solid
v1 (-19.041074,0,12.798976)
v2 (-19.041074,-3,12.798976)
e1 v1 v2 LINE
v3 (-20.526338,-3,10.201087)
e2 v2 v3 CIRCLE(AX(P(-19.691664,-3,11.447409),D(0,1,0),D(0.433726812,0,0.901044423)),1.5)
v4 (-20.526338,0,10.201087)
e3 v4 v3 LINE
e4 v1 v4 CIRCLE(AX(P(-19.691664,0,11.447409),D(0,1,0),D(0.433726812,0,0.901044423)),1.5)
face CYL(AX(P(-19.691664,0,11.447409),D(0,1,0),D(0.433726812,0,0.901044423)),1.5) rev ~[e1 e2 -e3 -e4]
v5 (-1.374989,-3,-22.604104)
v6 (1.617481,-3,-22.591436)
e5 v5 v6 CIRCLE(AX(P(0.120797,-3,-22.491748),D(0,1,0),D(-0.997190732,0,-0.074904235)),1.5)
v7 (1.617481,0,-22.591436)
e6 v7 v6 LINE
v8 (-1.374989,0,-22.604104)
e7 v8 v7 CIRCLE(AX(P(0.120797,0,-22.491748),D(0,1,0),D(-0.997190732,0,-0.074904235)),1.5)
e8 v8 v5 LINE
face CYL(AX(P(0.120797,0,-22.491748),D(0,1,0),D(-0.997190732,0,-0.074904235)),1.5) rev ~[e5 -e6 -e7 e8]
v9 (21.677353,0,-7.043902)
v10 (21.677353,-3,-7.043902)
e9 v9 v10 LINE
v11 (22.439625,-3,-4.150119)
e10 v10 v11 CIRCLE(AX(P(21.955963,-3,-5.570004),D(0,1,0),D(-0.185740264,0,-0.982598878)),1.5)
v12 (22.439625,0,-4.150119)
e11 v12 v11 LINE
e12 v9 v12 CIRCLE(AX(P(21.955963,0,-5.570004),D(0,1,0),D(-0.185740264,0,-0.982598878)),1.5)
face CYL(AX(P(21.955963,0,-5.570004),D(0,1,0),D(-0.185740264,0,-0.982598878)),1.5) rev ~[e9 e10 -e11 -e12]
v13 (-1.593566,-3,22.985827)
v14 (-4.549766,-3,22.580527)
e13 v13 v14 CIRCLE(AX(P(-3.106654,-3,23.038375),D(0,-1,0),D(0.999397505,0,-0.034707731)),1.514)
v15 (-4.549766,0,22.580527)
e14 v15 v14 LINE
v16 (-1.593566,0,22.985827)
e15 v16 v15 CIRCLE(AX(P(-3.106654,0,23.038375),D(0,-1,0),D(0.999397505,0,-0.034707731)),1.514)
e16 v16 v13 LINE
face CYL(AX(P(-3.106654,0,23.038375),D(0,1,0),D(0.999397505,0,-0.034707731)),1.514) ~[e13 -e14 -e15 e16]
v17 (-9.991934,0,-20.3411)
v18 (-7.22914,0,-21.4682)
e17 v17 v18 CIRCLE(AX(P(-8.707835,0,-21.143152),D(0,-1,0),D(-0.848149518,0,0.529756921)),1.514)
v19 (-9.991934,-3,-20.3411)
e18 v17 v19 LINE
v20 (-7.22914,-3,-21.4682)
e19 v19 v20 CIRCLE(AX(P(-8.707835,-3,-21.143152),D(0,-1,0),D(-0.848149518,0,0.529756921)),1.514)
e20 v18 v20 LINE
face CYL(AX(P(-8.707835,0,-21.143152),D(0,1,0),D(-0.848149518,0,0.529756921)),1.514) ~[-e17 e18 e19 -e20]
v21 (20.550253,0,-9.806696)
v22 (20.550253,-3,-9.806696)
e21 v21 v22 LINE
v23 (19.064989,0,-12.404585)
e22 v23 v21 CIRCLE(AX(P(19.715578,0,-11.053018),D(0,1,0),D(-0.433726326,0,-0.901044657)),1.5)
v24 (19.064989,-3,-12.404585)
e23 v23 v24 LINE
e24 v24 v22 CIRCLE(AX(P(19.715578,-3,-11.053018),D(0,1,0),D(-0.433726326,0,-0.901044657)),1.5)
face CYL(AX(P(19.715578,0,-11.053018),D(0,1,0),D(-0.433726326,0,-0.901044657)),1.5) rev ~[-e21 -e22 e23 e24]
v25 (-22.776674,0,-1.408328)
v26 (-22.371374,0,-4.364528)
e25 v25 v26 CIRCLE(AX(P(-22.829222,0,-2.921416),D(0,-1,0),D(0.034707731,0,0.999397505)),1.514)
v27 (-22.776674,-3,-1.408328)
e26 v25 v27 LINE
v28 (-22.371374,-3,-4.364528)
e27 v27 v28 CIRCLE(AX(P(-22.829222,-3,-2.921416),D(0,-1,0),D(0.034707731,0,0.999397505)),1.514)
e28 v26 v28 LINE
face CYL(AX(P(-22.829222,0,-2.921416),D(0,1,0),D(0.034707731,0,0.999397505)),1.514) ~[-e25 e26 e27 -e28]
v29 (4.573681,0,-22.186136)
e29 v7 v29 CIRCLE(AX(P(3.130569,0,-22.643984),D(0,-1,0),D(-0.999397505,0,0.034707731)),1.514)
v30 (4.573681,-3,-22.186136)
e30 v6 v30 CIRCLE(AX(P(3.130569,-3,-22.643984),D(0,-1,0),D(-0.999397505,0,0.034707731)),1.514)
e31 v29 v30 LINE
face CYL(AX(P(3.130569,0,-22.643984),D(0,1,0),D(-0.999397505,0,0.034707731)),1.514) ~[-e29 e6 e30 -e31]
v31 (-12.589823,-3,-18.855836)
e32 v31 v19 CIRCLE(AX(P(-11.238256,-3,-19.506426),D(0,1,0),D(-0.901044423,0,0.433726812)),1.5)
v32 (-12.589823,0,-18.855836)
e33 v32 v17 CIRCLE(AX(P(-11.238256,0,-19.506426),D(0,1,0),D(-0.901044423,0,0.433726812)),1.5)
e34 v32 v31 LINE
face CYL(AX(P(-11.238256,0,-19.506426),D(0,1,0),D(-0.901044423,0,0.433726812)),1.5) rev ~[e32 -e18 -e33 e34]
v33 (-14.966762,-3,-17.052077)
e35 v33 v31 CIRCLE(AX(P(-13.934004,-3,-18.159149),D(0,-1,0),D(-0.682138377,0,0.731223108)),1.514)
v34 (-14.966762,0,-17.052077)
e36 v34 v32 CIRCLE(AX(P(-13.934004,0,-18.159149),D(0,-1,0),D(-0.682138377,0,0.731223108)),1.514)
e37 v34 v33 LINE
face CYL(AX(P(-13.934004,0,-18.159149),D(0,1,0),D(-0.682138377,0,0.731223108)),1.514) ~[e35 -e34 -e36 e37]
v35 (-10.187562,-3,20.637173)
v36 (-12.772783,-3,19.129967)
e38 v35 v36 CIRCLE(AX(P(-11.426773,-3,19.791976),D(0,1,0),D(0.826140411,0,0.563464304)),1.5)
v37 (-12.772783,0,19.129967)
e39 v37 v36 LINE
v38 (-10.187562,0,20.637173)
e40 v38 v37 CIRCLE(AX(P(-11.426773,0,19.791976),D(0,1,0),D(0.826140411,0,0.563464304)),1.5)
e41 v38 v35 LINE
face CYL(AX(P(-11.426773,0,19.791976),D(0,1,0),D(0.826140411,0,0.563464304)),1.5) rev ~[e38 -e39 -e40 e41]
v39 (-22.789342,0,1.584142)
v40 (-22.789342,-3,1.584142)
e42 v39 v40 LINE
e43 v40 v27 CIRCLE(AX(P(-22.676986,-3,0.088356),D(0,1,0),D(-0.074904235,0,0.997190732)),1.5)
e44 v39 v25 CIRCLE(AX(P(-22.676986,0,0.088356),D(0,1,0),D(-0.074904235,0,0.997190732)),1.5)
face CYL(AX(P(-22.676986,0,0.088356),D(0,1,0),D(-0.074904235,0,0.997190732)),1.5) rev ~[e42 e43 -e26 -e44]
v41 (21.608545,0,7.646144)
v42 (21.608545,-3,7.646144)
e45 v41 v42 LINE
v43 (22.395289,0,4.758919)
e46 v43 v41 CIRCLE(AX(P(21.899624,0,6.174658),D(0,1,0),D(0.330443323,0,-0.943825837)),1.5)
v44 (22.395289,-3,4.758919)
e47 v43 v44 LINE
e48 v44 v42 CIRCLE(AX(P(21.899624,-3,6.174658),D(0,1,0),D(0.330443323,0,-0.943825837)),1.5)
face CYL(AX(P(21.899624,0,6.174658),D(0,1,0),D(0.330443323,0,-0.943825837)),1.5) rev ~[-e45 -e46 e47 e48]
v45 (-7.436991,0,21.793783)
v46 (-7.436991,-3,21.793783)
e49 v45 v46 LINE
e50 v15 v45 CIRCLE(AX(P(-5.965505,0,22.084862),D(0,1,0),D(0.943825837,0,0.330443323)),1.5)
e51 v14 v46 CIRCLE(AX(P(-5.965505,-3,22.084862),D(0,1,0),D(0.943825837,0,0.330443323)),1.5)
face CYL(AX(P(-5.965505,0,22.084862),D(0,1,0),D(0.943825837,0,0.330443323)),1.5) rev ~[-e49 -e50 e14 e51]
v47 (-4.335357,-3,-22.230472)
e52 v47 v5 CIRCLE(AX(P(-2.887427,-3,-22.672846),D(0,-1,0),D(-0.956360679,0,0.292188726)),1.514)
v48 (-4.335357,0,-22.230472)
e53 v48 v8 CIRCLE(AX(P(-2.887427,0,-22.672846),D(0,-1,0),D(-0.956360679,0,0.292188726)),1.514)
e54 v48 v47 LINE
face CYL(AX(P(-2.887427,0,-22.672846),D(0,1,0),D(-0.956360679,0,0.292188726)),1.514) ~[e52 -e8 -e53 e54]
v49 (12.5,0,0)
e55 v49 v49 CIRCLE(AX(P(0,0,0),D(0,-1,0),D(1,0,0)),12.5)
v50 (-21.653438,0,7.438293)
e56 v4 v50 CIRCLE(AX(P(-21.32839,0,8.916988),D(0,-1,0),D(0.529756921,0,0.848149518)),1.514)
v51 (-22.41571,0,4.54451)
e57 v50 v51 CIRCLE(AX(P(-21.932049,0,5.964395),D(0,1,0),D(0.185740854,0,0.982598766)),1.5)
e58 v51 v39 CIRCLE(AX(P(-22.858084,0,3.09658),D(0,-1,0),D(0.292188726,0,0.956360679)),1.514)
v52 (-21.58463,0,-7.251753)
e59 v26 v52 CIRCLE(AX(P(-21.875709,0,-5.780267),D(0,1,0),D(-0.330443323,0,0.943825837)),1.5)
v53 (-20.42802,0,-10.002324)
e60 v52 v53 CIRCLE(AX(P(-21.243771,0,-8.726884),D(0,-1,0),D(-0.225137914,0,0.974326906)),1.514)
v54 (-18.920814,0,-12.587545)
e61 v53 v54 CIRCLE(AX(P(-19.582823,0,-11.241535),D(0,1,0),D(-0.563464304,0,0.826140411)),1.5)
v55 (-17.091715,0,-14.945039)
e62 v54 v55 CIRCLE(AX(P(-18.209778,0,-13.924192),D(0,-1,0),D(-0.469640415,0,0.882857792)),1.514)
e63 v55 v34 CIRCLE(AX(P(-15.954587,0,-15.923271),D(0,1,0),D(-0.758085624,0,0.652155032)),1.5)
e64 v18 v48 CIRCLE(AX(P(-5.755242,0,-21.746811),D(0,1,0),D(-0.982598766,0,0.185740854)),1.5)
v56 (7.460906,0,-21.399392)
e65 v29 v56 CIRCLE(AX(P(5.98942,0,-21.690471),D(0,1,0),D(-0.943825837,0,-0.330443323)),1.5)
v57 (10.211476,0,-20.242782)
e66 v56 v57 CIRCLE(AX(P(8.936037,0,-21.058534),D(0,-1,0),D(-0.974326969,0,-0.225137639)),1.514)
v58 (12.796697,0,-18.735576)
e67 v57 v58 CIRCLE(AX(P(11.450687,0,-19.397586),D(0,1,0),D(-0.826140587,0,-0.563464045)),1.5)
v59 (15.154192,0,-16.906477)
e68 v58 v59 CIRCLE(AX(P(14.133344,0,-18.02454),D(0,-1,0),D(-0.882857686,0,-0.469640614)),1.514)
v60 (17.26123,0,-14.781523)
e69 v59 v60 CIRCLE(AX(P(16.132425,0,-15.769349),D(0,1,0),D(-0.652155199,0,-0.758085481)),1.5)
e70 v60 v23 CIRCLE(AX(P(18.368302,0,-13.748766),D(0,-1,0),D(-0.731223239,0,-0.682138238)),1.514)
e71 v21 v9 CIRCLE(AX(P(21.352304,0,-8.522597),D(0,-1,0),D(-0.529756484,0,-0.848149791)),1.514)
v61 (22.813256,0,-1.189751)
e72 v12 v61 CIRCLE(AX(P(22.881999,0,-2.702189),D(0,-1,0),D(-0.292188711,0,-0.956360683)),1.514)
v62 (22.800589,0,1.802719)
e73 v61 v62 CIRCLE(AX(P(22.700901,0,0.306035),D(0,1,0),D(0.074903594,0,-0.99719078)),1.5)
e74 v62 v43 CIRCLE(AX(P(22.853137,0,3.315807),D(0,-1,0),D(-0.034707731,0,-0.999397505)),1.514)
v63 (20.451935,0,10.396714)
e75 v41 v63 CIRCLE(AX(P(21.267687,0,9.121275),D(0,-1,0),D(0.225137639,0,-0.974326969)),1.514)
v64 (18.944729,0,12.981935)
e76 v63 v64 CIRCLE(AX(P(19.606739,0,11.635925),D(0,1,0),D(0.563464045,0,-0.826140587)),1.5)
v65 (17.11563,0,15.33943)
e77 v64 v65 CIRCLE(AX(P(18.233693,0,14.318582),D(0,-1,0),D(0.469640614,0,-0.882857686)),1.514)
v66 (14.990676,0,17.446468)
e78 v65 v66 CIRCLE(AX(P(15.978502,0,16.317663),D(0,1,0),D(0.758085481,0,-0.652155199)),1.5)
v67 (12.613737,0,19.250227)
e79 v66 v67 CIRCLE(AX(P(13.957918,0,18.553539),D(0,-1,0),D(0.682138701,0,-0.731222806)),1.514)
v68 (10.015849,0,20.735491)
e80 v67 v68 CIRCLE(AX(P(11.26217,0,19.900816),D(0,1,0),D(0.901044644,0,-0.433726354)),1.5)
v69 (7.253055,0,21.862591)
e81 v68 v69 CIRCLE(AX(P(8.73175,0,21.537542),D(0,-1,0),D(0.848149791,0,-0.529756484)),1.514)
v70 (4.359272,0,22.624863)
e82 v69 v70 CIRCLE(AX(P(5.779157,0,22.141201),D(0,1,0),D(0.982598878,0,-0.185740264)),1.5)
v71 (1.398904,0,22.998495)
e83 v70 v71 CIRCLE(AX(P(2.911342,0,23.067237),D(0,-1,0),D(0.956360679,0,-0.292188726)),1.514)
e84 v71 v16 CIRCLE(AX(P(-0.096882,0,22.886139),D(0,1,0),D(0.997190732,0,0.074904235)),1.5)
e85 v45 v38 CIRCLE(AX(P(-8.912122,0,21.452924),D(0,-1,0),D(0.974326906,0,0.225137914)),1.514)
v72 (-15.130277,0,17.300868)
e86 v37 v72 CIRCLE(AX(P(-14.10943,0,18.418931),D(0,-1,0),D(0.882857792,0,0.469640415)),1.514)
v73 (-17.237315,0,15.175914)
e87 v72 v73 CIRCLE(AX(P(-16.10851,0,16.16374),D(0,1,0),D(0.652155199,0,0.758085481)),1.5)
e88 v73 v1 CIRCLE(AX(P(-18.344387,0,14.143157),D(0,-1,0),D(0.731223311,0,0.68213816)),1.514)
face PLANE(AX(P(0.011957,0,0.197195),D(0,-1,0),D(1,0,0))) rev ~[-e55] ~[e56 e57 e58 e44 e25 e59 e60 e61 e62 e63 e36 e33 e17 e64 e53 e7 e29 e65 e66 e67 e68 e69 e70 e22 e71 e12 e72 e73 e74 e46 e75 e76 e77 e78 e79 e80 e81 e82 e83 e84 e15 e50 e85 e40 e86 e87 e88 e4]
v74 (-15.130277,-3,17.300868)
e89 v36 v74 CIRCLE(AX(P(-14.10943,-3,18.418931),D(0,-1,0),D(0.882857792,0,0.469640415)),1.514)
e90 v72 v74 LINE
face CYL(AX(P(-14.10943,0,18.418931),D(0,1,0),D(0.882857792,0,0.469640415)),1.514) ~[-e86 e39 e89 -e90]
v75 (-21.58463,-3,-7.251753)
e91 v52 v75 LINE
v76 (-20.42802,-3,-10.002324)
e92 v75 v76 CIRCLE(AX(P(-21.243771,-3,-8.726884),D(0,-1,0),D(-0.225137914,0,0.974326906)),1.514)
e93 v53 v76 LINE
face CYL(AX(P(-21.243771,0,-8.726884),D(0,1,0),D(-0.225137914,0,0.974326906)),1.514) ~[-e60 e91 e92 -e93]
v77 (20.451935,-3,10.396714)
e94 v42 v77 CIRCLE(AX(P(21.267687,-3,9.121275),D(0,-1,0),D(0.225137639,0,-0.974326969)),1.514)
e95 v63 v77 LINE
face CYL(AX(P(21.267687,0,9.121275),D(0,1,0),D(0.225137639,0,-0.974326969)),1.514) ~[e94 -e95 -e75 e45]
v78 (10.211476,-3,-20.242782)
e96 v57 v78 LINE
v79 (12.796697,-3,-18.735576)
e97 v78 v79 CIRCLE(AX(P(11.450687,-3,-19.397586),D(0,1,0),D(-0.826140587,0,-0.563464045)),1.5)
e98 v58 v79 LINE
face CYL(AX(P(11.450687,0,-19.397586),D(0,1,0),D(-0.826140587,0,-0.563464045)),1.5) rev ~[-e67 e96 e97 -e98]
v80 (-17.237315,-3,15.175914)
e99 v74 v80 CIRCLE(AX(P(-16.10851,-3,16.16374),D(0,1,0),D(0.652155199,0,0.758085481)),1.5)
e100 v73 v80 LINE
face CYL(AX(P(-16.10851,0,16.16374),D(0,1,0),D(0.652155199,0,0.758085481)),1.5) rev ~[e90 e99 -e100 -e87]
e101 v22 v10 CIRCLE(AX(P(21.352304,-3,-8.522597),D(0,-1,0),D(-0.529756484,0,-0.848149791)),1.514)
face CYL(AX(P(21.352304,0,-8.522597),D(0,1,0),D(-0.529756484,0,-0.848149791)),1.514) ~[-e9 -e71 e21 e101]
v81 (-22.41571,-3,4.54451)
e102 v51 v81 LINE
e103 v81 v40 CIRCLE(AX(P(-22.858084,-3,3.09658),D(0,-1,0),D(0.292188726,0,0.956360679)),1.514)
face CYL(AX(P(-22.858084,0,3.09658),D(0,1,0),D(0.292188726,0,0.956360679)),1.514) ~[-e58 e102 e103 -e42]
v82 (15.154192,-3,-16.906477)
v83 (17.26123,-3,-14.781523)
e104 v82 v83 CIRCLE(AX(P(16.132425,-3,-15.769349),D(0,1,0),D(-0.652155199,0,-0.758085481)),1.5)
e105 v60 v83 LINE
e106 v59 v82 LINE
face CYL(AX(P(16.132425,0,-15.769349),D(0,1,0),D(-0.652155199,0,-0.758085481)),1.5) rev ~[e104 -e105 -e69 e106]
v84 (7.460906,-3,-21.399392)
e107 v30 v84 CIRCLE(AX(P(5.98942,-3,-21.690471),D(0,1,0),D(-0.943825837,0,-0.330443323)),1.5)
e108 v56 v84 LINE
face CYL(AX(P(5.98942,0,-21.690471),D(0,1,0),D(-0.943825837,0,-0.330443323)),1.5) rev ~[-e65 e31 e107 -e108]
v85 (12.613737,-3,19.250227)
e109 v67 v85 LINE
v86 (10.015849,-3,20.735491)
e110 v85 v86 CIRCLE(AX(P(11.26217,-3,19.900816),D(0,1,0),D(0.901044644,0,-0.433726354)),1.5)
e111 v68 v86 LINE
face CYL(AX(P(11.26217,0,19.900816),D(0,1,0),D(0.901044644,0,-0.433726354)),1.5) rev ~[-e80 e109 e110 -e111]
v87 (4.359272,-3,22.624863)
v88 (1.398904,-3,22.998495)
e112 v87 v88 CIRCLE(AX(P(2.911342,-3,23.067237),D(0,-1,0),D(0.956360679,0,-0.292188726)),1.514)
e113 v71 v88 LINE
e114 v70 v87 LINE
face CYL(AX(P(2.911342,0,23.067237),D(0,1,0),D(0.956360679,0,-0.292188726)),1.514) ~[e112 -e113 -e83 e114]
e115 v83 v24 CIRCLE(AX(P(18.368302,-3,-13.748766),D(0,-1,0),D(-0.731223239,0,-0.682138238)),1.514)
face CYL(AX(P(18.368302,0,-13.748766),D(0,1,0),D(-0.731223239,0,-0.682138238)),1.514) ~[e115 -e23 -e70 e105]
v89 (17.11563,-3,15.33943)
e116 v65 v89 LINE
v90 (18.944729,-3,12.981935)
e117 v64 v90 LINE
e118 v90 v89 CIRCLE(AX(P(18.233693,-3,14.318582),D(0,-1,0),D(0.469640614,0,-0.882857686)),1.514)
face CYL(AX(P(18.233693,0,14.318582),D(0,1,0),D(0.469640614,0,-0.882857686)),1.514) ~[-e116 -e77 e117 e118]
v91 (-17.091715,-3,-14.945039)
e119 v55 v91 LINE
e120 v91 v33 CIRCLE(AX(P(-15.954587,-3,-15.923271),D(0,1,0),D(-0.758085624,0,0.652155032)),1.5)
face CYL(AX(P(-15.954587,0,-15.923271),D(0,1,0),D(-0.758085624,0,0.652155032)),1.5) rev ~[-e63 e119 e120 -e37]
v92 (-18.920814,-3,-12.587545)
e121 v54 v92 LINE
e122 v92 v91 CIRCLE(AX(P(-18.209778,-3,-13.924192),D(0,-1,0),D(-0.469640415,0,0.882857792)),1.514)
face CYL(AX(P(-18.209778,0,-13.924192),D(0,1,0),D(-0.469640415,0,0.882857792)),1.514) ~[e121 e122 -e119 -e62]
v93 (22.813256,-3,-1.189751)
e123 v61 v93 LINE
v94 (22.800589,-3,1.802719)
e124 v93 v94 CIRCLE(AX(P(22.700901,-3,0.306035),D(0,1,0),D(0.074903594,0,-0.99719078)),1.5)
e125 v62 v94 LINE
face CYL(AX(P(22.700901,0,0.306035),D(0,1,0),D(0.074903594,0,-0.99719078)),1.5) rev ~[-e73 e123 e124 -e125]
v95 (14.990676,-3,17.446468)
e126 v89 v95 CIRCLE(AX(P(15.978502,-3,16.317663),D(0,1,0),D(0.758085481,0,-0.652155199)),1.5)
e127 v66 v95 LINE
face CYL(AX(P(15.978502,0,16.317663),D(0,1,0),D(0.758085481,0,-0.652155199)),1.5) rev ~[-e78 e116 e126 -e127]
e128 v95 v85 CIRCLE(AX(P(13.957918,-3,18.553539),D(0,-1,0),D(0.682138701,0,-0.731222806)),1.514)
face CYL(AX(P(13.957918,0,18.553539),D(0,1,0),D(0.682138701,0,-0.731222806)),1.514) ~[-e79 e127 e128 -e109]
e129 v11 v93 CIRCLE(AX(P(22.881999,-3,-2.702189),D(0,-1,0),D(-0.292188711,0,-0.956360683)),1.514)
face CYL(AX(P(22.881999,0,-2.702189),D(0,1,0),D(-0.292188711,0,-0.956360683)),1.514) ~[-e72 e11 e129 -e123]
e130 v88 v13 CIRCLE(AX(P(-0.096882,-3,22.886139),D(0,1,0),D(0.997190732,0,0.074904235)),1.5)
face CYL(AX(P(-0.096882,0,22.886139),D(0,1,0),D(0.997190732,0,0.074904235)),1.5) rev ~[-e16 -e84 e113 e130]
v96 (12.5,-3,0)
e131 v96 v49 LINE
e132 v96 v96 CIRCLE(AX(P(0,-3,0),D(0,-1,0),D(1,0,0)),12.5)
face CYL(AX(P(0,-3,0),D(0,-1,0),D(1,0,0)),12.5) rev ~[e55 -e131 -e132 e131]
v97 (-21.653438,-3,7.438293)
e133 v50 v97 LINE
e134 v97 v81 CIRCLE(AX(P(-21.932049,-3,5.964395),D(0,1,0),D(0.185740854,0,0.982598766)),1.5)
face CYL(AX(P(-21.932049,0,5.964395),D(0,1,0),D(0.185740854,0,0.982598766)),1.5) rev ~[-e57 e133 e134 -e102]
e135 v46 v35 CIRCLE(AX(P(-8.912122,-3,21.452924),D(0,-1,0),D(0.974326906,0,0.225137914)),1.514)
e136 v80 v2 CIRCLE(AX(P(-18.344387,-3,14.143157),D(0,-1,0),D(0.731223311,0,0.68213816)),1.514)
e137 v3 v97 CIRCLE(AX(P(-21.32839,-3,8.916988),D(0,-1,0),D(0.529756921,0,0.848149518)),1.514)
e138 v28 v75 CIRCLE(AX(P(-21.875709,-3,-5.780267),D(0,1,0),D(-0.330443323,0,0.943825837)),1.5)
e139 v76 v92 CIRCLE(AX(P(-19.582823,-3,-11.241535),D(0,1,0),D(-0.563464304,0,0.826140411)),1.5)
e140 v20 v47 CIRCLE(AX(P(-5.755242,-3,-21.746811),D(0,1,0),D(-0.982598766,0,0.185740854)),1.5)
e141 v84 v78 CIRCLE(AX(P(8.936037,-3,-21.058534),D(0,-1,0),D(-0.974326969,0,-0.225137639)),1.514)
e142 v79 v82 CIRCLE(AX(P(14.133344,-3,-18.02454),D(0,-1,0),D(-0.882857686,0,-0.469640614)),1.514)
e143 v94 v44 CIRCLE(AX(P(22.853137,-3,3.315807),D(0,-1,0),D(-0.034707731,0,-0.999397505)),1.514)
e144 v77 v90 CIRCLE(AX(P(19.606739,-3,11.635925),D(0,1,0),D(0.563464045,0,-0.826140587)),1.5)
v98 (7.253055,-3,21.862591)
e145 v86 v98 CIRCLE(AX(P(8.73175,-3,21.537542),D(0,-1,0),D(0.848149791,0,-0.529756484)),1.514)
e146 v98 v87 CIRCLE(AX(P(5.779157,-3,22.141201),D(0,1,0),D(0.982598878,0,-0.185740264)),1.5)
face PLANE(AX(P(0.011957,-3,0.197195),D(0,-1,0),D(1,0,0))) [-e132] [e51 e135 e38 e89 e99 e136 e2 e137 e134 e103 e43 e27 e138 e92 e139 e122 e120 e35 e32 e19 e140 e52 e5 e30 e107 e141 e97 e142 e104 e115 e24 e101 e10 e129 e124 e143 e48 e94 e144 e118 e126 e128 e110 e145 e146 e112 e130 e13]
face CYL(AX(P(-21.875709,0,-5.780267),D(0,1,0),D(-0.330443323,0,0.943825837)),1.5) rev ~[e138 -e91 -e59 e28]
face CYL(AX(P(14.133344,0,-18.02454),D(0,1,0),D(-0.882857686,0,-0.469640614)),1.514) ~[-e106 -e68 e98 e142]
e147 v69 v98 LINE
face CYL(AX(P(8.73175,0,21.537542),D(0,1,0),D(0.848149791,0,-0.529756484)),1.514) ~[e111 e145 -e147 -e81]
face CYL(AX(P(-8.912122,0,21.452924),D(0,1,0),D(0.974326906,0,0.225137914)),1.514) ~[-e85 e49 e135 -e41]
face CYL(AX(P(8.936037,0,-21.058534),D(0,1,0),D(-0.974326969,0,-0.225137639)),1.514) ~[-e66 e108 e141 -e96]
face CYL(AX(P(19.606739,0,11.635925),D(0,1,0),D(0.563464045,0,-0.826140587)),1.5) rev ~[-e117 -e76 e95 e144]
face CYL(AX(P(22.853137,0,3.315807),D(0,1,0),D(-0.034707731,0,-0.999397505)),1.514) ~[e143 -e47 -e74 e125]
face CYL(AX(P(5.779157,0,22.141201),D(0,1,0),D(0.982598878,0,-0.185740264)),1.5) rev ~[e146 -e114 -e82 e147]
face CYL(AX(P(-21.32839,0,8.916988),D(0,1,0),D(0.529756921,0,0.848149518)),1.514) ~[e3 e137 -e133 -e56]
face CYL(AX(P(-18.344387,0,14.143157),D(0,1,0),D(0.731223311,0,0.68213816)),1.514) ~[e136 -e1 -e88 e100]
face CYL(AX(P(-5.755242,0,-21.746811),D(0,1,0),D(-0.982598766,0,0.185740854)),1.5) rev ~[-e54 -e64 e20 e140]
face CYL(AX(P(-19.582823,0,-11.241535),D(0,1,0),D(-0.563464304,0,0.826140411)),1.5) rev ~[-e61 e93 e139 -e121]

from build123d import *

# Parameters (mm, degrees)
F1_DEPTH = 3
F2_R     = 12.5
F3_DEPTH = 25


with BuildPart() as f1:
    # F0 (on Front) → F1 (new body)
    with BuildSketch(Plane.XZ):
        with BuildLine():
            ThreePointArc((1.398904, 22.998495), (-0.090533, 21.386152), (-1.593566, 22.985827))
            ThreePointArc((-1.593566, 22.985827), (-3.312302, 24.538343), (-4.549766, 22.580527))
            ThreePointArc((-4.549766, 22.580527), (-5.571146, 20.63763), (-7.436991, 21.793783))
            ThreePointArc((-7.436991, 21.793783), (-9.498983, 22.848557), (-10.187562, 20.637173))
            ThreePointArc((-10.187562, 20.637173), (-10.67128, 18.496125), (-12.772783, 19.129967))
            ThreePointArc((-12.772783, 19.129967), (-15.03751, 19.615118), (-15.130277, 17.300868))
            ThreePointArc((-15.130277, 17.300868), (-15.043369, 15.107579), (-17.237315, 15.175914))
            ThreePointArc((-17.237315, 15.175914), (-19.55044, 15.058379), (-19.041074, 12.798976))
            ThreePointArc((-19.041074, 12.798976), (-18.389463, 10.702915), (-20.526338, 10.201087))
            ThreePointArc((-20.526338, 10.201087), (-22.730225, 9.488876), (-21.653438, 7.438293))
            ThreePointArc((-21.653438, 7.438293), (-20.48153, 5.582303), (-22.41571, 4.54451))
            ThreePointArc((-22.41571, 4.54451), (-24.360167, 3.28616), (-22.789342, 1.584142))
            ThreePointArc((-22.789342, 1.584142), (-21.176999, 0.094705), (-22.776674, -1.408328))
            ThreePointArc((-22.776674, -1.408328), (-24.32919, -3.127064), (-22.371374, -4.364528))
            ThreePointArc((-22.371374, -4.364528), (-20.428477, -5.385908), (-21.58463, -7.251753))
            ThreePointArc((-21.58463, -7.251753), (-22.639404, -9.313745), (-20.42802, -10.002324))
            ThreePointArc((-20.42802, -10.002324), (-18.286972, -10.486042), (-18.920814, -12.587545))
            ThreePointArc((-18.920814, -12.587545), (-19.405965, -14.852272), (-17.091715, -14.945039))
            ThreePointArc((-17.091715, -14.945039), (-14.898426, -14.858131), (-14.966762, -17.052077))
            ThreePointArc((-14.966762, -17.052077), (-14.849227, -19.365202), (-12.589823, -18.855836))
            ThreePointArc((-12.589823, -18.855836), (-10.493762, -18.204225), (-9.991934, -20.3411))
            ThreePointArc((-9.991934, -20.3411), (-9.279723, -22.544987), (-7.22914, -21.4682))
            ThreePointArc((-7.22914, -21.4682), (-5.37315, -20.296292), (-4.335357, -22.230472))
            ThreePointArc((-4.335357, -22.230472), (-3.077007, -24.174929), (-1.374989, -22.604104))
            ThreePointArc((-1.374989, -22.604104), (0.114448, -20.991761), (1.617481, -22.591436))
            ThreePointArc((1.617481, -22.591436), (3.336217, -24.143952), (4.573681, -22.186136))
            ThreePointArc((4.573681, -22.186136), (5.595061, -20.243239), (7.460906, -21.399392))
            ThreePointArc((7.460906, -21.399392), (9.522898, -22.454166), (10.211476, -20.242782))
            ThreePointArc((10.211476, -20.242782), (10.695195, -18.101734), (12.796697, -18.735576))
            ThreePointArc((12.796697, -18.735576), (15.061424, -19.220727), (15.154192, -16.906477))
            ThreePointArc((15.154192, -16.906477), (15.067284, -14.713188), (17.26123, -14.781523))
            ThreePointArc((17.26123, -14.781523), (19.574354, -14.663989), (19.064989, -12.404585))
            ThreePointArc((19.064989, -12.404585), (18.413377, -10.308524), (20.550253, -9.806696))
            ThreePointArc((20.550253, -9.806696), (22.754139, -9.094485), (21.677353, -7.043902))
            ThreePointArc((21.677353, -7.043902), (20.505444, -5.187912), (22.439625, -4.150119))
            ThreePointArc((22.439625, -4.150119), (24.384082, -2.891769), (22.813256, -1.189751))
            ThreePointArc((22.813256, -1.189751), (21.200914, 0.299686), (22.800589, 1.802719))
            ThreePointArc((22.800589, 1.802719), (24.353105, 3.521455), (22.395289, 4.758919))
            ThreePointArc((22.395289, 4.758919), (20.452392, 5.780299), (21.608545, 7.646144))
            ThreePointArc((21.608545, 7.646144), (22.663319, 9.708136), (20.451935, 10.396714))
            ThreePointArc((20.451935, 10.396714), (18.310887, 10.880433), (18.944729, 12.981935))
            ThreePointArc((18.944729, 12.981935), (19.42988, 15.246662), (17.11563, 15.33943))
            ThreePointArc((17.11563, 15.33943), (14.922341, 15.252522), (14.990676, 17.446468))
            ThreePointArc((14.990676, 17.446468), (14.873141, 19.759592), (12.613737, 19.250227))
            ThreePointArc((12.613737, 19.250227), (10.517677, 18.598615), (10.015849, 20.735491))
            ThreePointArc((10.015849, 20.735491), (9.303638, 22.939377), (7.253055, 21.862591))
            ThreePointArc((7.253055, 21.862591), (5.397065, 20.690682), (4.359272, 22.624863))
            ThreePointArc((4.359272, 22.624863), (3.100922, 24.56932), (1.398904, 22.998495))
        make_face()
    extrude(amount=F1_DEPTH)

    # F2 (on face) → F3 (cut)
    with BuildSketch(Plane.XZ.offset(3)):
        Circle(F2_R)
    extrude(amount=-F3_DEPTH, mode=Mode.SUBTRACT)


solid = f1.part
